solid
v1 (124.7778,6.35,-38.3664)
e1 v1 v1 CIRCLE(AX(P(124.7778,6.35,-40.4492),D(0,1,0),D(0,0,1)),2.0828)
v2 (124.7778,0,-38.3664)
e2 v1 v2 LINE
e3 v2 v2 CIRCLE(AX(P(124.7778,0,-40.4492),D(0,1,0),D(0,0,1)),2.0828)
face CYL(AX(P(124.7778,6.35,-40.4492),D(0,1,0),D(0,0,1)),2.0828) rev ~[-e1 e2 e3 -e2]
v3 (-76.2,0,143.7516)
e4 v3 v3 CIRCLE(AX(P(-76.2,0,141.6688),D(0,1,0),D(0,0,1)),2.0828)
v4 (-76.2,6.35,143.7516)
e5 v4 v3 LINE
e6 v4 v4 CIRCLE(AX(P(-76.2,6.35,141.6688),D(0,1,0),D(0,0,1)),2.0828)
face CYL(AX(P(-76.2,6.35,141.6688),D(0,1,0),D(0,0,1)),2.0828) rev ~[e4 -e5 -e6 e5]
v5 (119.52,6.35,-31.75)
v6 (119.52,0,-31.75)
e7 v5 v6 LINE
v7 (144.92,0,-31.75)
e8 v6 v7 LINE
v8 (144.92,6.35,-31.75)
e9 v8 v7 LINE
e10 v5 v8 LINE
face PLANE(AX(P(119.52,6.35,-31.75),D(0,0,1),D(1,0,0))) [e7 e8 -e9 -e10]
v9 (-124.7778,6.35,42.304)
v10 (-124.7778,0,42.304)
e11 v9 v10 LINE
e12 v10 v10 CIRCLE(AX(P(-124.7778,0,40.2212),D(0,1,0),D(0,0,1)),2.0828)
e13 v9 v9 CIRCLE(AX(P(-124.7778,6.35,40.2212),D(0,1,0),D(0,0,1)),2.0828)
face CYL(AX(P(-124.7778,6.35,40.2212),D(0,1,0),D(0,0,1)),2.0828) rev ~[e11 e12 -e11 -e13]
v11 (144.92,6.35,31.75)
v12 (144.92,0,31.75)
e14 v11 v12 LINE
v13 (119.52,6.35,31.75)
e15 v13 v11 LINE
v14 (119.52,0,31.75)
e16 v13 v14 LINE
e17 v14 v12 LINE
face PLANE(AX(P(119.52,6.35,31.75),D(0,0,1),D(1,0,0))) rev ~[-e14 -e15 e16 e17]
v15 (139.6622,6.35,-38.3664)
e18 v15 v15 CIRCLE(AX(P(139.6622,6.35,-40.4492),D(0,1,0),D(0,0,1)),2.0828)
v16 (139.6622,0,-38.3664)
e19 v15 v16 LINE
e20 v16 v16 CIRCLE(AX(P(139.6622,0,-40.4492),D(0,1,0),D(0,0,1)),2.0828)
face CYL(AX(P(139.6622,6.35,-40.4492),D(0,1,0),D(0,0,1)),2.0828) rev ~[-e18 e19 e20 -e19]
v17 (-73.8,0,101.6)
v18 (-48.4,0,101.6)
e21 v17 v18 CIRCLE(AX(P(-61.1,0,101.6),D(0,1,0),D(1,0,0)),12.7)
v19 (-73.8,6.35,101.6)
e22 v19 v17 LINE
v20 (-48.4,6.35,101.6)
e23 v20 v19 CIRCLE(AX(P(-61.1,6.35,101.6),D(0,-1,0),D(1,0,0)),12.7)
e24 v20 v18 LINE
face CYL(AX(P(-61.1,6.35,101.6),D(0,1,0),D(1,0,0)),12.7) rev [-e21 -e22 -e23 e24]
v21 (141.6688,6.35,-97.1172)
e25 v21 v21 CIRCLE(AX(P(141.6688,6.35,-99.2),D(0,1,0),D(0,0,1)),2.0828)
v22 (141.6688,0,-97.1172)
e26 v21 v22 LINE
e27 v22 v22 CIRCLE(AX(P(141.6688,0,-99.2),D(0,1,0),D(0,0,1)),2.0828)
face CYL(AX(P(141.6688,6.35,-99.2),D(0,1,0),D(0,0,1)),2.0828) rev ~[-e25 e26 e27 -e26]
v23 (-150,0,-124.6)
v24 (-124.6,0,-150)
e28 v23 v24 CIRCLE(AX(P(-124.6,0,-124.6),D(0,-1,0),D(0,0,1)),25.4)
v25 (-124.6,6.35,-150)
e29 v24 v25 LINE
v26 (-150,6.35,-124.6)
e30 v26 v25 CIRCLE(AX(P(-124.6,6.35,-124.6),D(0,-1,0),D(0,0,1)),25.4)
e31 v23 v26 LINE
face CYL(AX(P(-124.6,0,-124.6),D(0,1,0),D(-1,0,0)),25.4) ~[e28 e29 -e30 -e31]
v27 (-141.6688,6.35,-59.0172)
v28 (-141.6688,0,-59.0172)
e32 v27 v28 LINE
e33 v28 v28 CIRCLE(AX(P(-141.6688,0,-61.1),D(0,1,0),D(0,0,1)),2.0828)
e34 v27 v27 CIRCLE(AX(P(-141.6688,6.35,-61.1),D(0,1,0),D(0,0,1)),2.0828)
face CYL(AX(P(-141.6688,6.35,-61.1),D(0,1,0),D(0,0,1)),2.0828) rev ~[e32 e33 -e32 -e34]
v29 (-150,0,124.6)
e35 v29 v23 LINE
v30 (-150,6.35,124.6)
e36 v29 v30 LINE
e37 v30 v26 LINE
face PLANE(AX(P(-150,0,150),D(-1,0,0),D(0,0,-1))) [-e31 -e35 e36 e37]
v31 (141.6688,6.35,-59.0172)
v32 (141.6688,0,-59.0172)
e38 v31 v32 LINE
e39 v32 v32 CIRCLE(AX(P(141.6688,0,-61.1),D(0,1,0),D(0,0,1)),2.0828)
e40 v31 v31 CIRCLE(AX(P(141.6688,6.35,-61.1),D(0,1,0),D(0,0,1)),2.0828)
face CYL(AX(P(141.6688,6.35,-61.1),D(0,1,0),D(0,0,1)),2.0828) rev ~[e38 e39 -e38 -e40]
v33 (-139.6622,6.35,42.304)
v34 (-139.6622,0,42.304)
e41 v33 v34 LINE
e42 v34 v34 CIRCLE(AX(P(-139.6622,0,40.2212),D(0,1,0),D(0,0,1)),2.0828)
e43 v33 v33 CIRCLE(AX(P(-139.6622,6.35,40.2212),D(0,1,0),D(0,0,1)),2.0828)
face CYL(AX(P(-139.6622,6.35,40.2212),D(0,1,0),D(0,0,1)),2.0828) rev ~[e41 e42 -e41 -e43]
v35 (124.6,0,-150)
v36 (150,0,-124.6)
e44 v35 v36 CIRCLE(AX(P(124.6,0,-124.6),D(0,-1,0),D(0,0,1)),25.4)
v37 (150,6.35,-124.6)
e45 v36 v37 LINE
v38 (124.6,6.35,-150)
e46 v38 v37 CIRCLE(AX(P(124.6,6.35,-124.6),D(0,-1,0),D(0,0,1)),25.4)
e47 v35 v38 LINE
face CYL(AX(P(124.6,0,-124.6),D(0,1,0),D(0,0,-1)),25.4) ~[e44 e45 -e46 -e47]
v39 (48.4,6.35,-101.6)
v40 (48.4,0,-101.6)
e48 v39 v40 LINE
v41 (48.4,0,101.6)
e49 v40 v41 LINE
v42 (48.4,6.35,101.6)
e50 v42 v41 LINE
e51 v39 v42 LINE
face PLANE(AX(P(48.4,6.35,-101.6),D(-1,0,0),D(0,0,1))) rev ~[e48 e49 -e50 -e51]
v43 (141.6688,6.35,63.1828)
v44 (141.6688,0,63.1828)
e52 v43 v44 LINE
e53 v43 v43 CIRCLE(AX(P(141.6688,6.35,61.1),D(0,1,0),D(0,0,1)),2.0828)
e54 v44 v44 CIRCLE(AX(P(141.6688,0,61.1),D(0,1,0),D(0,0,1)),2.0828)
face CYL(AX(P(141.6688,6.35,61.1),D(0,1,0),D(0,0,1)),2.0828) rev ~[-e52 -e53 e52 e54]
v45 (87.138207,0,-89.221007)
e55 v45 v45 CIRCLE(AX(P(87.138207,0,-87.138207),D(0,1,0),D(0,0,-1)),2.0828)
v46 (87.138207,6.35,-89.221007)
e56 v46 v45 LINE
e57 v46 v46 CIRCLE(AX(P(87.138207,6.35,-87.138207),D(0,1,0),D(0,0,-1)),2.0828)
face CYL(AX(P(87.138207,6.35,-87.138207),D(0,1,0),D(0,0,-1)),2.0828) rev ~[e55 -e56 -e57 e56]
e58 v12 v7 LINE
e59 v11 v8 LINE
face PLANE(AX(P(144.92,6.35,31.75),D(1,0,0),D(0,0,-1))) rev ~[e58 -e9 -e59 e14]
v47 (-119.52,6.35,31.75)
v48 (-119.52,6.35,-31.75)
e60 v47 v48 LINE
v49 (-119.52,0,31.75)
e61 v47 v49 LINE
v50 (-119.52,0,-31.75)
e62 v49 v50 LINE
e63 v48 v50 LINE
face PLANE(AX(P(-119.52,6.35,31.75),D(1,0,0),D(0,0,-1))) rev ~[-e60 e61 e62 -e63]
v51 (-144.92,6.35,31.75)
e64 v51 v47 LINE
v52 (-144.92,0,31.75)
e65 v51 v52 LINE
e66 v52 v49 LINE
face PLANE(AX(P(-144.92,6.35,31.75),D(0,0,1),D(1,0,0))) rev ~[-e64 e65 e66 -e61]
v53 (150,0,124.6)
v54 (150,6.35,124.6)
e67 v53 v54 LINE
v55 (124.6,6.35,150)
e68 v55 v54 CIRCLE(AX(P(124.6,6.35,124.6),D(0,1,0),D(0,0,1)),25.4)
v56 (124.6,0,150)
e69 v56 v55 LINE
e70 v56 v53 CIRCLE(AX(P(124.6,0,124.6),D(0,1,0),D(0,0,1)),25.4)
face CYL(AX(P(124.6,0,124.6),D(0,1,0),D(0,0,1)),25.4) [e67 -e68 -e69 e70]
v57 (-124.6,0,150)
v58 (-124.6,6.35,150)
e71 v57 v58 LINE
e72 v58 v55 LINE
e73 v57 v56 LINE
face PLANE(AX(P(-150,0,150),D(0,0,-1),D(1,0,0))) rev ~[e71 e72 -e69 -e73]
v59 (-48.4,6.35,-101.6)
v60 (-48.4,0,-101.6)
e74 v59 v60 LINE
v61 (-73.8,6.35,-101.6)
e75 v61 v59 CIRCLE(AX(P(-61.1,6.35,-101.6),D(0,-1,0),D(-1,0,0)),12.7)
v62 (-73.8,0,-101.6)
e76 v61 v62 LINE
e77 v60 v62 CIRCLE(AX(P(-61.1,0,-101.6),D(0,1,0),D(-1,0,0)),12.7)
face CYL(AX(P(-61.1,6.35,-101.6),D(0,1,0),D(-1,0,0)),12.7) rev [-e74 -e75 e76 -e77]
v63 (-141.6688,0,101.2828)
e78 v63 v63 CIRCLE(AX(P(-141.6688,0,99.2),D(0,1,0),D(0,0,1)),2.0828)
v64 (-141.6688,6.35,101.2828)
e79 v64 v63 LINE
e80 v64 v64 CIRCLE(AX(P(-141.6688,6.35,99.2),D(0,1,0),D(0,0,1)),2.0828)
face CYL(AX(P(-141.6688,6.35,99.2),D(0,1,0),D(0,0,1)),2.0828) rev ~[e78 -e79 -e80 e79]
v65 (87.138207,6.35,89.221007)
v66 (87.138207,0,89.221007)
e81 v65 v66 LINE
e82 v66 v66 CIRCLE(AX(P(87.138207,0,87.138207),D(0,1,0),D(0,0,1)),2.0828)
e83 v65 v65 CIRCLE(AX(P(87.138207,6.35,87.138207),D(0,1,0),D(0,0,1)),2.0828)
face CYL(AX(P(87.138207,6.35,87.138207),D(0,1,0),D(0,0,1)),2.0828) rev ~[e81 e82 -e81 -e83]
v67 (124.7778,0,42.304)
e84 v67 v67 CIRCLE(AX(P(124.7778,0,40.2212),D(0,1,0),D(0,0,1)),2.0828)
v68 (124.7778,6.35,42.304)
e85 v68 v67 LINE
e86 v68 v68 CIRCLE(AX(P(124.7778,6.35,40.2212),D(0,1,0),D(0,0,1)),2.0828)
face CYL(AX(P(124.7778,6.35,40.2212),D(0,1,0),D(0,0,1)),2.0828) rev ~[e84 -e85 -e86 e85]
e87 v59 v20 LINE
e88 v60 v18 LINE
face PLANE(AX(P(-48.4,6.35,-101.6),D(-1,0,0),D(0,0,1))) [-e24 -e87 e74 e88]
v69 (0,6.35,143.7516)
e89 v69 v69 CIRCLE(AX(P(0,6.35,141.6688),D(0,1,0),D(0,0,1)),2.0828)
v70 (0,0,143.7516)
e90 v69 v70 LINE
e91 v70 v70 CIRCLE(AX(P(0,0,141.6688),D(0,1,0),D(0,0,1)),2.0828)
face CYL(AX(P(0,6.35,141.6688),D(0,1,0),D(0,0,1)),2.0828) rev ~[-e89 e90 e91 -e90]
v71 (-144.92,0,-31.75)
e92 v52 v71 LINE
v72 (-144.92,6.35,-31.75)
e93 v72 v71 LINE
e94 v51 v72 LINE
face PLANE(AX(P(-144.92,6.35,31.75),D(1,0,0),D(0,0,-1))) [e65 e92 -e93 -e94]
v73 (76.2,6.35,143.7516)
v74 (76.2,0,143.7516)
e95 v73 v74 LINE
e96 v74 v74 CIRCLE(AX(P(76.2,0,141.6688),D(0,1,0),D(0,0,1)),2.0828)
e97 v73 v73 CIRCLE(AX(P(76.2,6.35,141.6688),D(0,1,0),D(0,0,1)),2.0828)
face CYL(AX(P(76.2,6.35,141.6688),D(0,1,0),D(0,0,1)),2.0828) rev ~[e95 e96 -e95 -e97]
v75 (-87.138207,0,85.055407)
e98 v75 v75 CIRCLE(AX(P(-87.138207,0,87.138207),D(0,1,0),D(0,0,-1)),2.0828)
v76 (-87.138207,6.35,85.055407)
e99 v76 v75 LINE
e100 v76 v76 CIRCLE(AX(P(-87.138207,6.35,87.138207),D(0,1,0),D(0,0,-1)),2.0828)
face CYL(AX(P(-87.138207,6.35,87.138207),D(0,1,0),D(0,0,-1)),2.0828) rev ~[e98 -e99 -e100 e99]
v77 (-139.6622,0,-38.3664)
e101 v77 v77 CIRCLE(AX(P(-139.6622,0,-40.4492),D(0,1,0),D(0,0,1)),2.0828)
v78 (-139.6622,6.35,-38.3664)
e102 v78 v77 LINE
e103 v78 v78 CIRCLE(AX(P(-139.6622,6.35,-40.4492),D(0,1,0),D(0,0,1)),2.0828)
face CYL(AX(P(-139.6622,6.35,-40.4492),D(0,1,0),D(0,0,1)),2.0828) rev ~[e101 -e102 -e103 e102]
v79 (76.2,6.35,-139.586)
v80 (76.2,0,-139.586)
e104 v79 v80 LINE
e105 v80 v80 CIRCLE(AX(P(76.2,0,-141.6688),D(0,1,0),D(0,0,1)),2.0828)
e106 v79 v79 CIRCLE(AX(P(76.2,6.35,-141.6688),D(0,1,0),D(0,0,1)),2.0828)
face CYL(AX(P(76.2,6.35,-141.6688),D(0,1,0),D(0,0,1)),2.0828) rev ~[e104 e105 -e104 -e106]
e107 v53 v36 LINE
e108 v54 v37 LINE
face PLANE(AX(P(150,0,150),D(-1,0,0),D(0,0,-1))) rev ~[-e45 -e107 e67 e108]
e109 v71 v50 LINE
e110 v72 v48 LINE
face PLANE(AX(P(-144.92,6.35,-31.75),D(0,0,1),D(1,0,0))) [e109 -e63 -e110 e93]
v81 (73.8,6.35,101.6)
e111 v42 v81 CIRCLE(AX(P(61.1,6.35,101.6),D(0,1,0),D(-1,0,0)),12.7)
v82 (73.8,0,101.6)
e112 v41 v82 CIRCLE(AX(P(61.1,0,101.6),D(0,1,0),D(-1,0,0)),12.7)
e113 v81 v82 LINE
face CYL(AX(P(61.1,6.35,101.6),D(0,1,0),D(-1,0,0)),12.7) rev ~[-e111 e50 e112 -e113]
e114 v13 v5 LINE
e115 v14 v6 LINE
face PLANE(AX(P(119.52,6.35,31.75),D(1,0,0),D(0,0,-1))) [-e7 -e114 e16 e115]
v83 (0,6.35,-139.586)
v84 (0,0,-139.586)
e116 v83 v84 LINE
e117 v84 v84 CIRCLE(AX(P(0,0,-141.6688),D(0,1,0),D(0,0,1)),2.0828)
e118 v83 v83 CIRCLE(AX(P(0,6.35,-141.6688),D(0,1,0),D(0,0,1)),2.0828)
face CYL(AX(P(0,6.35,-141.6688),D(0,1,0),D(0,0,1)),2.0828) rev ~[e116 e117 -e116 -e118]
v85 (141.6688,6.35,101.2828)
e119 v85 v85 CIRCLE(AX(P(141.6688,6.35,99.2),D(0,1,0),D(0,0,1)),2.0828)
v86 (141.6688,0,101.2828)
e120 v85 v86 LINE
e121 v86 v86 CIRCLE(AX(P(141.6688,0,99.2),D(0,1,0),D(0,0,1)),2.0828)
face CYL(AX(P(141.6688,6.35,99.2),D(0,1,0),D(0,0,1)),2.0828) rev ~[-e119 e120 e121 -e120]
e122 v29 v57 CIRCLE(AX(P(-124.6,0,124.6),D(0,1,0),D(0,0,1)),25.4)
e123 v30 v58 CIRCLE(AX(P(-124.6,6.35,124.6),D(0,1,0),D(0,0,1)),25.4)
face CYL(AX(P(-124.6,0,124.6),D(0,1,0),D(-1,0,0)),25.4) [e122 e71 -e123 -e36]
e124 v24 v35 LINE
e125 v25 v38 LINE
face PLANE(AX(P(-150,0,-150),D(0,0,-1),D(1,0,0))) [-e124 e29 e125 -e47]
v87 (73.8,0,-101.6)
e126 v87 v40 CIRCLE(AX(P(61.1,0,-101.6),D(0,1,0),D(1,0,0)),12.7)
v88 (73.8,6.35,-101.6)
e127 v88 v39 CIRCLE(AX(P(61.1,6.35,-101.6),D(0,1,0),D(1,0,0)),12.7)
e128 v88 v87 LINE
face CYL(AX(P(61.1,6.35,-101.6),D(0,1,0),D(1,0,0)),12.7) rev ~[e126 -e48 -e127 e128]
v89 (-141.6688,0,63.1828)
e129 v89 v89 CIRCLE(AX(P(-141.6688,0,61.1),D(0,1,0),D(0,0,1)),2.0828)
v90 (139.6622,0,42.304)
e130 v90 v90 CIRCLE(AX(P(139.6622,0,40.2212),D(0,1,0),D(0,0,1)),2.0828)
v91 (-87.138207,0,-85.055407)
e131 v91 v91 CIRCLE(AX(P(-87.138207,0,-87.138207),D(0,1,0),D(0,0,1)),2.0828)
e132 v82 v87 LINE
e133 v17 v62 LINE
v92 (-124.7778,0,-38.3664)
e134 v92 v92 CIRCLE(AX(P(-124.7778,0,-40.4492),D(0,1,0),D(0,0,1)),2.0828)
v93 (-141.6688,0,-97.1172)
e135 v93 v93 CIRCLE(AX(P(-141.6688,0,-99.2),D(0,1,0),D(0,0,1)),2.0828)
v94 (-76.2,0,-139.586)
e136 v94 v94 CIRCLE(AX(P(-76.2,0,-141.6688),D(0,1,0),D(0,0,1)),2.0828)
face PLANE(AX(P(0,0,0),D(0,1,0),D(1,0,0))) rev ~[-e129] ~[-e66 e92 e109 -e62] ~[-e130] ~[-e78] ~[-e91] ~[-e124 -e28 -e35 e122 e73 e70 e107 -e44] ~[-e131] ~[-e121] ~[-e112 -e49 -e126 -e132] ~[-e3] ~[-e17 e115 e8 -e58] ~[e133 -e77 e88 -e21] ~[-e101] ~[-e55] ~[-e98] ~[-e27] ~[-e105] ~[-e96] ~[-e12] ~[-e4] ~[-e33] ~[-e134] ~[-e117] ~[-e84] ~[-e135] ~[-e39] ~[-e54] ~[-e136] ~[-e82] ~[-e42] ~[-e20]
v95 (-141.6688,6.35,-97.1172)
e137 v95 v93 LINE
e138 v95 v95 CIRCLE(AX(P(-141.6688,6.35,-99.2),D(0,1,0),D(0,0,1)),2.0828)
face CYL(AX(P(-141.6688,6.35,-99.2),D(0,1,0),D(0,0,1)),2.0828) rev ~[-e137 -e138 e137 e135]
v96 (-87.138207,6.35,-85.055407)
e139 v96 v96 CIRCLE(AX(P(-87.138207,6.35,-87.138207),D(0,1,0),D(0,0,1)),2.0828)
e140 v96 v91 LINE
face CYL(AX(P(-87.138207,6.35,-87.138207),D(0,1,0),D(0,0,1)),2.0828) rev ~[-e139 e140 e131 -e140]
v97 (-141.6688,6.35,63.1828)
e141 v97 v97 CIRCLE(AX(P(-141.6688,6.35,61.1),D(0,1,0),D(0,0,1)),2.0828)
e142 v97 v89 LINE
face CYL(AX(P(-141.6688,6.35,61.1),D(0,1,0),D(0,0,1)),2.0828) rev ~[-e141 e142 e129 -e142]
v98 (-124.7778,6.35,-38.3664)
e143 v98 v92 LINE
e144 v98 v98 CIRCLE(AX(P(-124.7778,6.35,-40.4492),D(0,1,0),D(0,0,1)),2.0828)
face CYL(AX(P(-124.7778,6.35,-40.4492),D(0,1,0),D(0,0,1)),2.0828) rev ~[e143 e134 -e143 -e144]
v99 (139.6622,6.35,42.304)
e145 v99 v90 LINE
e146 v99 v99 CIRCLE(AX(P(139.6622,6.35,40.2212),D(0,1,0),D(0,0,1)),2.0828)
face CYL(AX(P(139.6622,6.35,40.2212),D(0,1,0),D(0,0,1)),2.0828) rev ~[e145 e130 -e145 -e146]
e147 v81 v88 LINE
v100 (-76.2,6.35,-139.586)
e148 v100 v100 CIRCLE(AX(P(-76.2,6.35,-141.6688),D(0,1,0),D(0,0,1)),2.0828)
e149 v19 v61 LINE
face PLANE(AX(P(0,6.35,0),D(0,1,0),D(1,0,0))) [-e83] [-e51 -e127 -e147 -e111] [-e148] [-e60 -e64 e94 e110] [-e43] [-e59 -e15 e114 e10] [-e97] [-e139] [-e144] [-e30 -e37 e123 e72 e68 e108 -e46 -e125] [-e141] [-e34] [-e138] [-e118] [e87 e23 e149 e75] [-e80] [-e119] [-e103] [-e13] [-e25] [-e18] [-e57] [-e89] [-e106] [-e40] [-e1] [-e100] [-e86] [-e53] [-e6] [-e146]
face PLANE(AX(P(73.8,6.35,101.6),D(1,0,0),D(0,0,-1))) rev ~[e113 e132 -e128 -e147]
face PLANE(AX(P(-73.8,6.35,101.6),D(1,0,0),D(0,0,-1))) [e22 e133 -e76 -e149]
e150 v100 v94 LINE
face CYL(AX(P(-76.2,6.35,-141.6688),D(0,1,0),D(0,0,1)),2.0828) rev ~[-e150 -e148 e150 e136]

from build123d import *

# Parameters (mm, degrees)
SKETCH1_W           = 300
SKETCH1_H           = 300
BOSS_EXTRUDE1_DEPTH = 6.35
SKETCH2_R           = 2.0828
SKETCH2_W           = 25.4
SKETCH2_H           = 63.5
CUT_EXTRUDE1_DEPTH  = 213.227054119
FILLET1_R           = 25.4


with BuildPart() as part:
    # Sketch1 → Boss-Extrude1 (new body)
    with BuildSketch(Plane(origin=(0, 0, 0), x_dir=(1, 0, 0), z_dir=(0, 1, 0))):
        Rectangle(SKETCH1_W, SKETCH1_H)
    extrude(amount=BOSS_EXTRUDE1_DEPTH)

    # Sketch2 → Cut-Extrude1 (cut, through all)
    with BuildSketch(Plane(origin=(0, 6.35, 0), x_dir=(1, 0, 0), z_dir=(0, 1, 0))):
        with Locations(Location((-87.138207153, 87.138207153, 0), (0, 0, 270))):
            Circle(SKETCH2_R)
        with Locations(Location((87.138207153, 87.138207153, 0), (0, 0, 90))):
            Circle(SKETCH2_R)
        with Locations(Location((87.138207153, -87.138207153, 0), (0, 0, 270))):
            Circle(SKETCH2_R)
        with Locations(Location((-87.138207153, -87.138207153, 0), (0, 0, 90))):
            Circle(SKETCH2_R)
        with Locations(Location((-141.6688, 99.2, 0), (0, 0, 270))):
            Circle(SKETCH2_R)
        with Locations(Location((-141.6688, 61.1, 0), (0, 0, 270))):
            Circle(SKETCH2_R)
        with Locations(Location((-141.6688, -99.2, 0), (0, 0, 270))):
            Circle(SKETCH2_R)
        with Locations(Location((-141.6688, -61.1, 0), (0, 0, 270))):
            Circle(SKETCH2_R)
        with Locations(Location((-76.2, -141.6688, 0), (0, 0, 270))):
            Circle(SKETCH2_R)
        with Locations(Location((76.2, -141.6688, 0), (0, 0, 270))):
            Circle(SKETCH2_R)
        with Locations(Location((0, -141.6688, 0), (0, 0, 270))):
            Circle(SKETCH2_R)
        with Locations(Location((-76.2, 141.6688, 0), (0, 0, 270))):
            Circle(SKETCH2_R)
        with Locations(Location((0, 141.6688, 0), (0, 0, 270))):
            Circle(SKETCH2_R)
        with Locations(Location((76.2, 141.6688, 0), (0, 0, 270))):
            Circle(SKETCH2_R)
        with Locations(Location((141.6688, 99.2, 0), (0, 0, 270))):
            Circle(SKETCH2_R)
        with Locations(Location((141.6688, 61.1, 0), (0, 0, 270))):
            Circle(SKETCH2_R)
        with Locations(Location((141.6688, -99.2, 0), (0, 0, 270))):
            Circle(SKETCH2_R)
        with Locations(Location((141.6688, -61.1, 0), (0, 0, 270))):
            Circle(SKETCH2_R)
        with Locations(Location((-139.6622, 40.4492, 0), (0, 0, 270))):
            Circle(SKETCH2_R)
        with Locations(Location((-124.7778, 40.4492, 0), (0, 0, 270))):
            Circle(SKETCH2_R)
        with Locations(Location((-139.6622, -40.2212, 0), (0, 0, 270))):
            Circle(SKETCH2_R)
        with Locations(Location((-124.7778, -40.2212, 0), (0, 0, 270))):
            Circle(SKETCH2_R)
        with Locations(Location((124.7778, 40.4492, 0), (0, 0, 270))):
            Circle(SKETCH2_R)
        with Locations(Location((139.6622, 40.4492, 0), (0, 0, 270))):
            Circle(SKETCH2_R)
        with Locations(Location((124.7778, -40.2212, 0), (0, 0, 270))):
            Circle(SKETCH2_R)
        with Locations(Location((139.6622, -40.2212, 0), (0, 0, 270))):
            Circle(SKETCH2_R)
        with BuildLine():
            Line((-73.8, -101.6), (-73.8, 101.6))
            ThreePointArc((-73.8, 101.6), (-61.1, 114.3), (-48.4, 101.6))
            Line((-48.4, 101.6), (-48.4, -101.6))
            ThreePointArc((-48.4, -101.6), (-61.1, -114.3), (-73.8, -101.6))
        make_face()
        with BuildLine():
            Line((73.8, -101.6), (73.8, 101.6))
            ThreePointArc((73.8, 101.6), (61.1, 114.3), (48.4, 101.6))
            Line((48.4, 101.6), (48.4, -101.6))
            ThreePointArc((48.4, -101.6), (61.1, -114.3), (73.8, -101.6))
        make_face()
        with Locations((132.219999974, 0)):
            Rectangle(SKETCH2_W, SKETCH2_H)
        with Locations((-132.219999974, 0)):
            Rectangle(SKETCH2_W, SKETCH2_H)
    extrude(amount=-CUT_EXTRUDE1_DEPTH, mode=Mode.SUBTRACT)

    # Fillet1
    fillet1_edges = [part.edges().sort_by_distance(p)[0] for p in [
        (150, 3.175, 150),
        (-150, 3.175, 150),
        (-150, 3.175, -150),
        (150, 3.175, -150),
    ]]
    fillet(fillet1_edges, radius=FILLET1_R)


solid = part.part
